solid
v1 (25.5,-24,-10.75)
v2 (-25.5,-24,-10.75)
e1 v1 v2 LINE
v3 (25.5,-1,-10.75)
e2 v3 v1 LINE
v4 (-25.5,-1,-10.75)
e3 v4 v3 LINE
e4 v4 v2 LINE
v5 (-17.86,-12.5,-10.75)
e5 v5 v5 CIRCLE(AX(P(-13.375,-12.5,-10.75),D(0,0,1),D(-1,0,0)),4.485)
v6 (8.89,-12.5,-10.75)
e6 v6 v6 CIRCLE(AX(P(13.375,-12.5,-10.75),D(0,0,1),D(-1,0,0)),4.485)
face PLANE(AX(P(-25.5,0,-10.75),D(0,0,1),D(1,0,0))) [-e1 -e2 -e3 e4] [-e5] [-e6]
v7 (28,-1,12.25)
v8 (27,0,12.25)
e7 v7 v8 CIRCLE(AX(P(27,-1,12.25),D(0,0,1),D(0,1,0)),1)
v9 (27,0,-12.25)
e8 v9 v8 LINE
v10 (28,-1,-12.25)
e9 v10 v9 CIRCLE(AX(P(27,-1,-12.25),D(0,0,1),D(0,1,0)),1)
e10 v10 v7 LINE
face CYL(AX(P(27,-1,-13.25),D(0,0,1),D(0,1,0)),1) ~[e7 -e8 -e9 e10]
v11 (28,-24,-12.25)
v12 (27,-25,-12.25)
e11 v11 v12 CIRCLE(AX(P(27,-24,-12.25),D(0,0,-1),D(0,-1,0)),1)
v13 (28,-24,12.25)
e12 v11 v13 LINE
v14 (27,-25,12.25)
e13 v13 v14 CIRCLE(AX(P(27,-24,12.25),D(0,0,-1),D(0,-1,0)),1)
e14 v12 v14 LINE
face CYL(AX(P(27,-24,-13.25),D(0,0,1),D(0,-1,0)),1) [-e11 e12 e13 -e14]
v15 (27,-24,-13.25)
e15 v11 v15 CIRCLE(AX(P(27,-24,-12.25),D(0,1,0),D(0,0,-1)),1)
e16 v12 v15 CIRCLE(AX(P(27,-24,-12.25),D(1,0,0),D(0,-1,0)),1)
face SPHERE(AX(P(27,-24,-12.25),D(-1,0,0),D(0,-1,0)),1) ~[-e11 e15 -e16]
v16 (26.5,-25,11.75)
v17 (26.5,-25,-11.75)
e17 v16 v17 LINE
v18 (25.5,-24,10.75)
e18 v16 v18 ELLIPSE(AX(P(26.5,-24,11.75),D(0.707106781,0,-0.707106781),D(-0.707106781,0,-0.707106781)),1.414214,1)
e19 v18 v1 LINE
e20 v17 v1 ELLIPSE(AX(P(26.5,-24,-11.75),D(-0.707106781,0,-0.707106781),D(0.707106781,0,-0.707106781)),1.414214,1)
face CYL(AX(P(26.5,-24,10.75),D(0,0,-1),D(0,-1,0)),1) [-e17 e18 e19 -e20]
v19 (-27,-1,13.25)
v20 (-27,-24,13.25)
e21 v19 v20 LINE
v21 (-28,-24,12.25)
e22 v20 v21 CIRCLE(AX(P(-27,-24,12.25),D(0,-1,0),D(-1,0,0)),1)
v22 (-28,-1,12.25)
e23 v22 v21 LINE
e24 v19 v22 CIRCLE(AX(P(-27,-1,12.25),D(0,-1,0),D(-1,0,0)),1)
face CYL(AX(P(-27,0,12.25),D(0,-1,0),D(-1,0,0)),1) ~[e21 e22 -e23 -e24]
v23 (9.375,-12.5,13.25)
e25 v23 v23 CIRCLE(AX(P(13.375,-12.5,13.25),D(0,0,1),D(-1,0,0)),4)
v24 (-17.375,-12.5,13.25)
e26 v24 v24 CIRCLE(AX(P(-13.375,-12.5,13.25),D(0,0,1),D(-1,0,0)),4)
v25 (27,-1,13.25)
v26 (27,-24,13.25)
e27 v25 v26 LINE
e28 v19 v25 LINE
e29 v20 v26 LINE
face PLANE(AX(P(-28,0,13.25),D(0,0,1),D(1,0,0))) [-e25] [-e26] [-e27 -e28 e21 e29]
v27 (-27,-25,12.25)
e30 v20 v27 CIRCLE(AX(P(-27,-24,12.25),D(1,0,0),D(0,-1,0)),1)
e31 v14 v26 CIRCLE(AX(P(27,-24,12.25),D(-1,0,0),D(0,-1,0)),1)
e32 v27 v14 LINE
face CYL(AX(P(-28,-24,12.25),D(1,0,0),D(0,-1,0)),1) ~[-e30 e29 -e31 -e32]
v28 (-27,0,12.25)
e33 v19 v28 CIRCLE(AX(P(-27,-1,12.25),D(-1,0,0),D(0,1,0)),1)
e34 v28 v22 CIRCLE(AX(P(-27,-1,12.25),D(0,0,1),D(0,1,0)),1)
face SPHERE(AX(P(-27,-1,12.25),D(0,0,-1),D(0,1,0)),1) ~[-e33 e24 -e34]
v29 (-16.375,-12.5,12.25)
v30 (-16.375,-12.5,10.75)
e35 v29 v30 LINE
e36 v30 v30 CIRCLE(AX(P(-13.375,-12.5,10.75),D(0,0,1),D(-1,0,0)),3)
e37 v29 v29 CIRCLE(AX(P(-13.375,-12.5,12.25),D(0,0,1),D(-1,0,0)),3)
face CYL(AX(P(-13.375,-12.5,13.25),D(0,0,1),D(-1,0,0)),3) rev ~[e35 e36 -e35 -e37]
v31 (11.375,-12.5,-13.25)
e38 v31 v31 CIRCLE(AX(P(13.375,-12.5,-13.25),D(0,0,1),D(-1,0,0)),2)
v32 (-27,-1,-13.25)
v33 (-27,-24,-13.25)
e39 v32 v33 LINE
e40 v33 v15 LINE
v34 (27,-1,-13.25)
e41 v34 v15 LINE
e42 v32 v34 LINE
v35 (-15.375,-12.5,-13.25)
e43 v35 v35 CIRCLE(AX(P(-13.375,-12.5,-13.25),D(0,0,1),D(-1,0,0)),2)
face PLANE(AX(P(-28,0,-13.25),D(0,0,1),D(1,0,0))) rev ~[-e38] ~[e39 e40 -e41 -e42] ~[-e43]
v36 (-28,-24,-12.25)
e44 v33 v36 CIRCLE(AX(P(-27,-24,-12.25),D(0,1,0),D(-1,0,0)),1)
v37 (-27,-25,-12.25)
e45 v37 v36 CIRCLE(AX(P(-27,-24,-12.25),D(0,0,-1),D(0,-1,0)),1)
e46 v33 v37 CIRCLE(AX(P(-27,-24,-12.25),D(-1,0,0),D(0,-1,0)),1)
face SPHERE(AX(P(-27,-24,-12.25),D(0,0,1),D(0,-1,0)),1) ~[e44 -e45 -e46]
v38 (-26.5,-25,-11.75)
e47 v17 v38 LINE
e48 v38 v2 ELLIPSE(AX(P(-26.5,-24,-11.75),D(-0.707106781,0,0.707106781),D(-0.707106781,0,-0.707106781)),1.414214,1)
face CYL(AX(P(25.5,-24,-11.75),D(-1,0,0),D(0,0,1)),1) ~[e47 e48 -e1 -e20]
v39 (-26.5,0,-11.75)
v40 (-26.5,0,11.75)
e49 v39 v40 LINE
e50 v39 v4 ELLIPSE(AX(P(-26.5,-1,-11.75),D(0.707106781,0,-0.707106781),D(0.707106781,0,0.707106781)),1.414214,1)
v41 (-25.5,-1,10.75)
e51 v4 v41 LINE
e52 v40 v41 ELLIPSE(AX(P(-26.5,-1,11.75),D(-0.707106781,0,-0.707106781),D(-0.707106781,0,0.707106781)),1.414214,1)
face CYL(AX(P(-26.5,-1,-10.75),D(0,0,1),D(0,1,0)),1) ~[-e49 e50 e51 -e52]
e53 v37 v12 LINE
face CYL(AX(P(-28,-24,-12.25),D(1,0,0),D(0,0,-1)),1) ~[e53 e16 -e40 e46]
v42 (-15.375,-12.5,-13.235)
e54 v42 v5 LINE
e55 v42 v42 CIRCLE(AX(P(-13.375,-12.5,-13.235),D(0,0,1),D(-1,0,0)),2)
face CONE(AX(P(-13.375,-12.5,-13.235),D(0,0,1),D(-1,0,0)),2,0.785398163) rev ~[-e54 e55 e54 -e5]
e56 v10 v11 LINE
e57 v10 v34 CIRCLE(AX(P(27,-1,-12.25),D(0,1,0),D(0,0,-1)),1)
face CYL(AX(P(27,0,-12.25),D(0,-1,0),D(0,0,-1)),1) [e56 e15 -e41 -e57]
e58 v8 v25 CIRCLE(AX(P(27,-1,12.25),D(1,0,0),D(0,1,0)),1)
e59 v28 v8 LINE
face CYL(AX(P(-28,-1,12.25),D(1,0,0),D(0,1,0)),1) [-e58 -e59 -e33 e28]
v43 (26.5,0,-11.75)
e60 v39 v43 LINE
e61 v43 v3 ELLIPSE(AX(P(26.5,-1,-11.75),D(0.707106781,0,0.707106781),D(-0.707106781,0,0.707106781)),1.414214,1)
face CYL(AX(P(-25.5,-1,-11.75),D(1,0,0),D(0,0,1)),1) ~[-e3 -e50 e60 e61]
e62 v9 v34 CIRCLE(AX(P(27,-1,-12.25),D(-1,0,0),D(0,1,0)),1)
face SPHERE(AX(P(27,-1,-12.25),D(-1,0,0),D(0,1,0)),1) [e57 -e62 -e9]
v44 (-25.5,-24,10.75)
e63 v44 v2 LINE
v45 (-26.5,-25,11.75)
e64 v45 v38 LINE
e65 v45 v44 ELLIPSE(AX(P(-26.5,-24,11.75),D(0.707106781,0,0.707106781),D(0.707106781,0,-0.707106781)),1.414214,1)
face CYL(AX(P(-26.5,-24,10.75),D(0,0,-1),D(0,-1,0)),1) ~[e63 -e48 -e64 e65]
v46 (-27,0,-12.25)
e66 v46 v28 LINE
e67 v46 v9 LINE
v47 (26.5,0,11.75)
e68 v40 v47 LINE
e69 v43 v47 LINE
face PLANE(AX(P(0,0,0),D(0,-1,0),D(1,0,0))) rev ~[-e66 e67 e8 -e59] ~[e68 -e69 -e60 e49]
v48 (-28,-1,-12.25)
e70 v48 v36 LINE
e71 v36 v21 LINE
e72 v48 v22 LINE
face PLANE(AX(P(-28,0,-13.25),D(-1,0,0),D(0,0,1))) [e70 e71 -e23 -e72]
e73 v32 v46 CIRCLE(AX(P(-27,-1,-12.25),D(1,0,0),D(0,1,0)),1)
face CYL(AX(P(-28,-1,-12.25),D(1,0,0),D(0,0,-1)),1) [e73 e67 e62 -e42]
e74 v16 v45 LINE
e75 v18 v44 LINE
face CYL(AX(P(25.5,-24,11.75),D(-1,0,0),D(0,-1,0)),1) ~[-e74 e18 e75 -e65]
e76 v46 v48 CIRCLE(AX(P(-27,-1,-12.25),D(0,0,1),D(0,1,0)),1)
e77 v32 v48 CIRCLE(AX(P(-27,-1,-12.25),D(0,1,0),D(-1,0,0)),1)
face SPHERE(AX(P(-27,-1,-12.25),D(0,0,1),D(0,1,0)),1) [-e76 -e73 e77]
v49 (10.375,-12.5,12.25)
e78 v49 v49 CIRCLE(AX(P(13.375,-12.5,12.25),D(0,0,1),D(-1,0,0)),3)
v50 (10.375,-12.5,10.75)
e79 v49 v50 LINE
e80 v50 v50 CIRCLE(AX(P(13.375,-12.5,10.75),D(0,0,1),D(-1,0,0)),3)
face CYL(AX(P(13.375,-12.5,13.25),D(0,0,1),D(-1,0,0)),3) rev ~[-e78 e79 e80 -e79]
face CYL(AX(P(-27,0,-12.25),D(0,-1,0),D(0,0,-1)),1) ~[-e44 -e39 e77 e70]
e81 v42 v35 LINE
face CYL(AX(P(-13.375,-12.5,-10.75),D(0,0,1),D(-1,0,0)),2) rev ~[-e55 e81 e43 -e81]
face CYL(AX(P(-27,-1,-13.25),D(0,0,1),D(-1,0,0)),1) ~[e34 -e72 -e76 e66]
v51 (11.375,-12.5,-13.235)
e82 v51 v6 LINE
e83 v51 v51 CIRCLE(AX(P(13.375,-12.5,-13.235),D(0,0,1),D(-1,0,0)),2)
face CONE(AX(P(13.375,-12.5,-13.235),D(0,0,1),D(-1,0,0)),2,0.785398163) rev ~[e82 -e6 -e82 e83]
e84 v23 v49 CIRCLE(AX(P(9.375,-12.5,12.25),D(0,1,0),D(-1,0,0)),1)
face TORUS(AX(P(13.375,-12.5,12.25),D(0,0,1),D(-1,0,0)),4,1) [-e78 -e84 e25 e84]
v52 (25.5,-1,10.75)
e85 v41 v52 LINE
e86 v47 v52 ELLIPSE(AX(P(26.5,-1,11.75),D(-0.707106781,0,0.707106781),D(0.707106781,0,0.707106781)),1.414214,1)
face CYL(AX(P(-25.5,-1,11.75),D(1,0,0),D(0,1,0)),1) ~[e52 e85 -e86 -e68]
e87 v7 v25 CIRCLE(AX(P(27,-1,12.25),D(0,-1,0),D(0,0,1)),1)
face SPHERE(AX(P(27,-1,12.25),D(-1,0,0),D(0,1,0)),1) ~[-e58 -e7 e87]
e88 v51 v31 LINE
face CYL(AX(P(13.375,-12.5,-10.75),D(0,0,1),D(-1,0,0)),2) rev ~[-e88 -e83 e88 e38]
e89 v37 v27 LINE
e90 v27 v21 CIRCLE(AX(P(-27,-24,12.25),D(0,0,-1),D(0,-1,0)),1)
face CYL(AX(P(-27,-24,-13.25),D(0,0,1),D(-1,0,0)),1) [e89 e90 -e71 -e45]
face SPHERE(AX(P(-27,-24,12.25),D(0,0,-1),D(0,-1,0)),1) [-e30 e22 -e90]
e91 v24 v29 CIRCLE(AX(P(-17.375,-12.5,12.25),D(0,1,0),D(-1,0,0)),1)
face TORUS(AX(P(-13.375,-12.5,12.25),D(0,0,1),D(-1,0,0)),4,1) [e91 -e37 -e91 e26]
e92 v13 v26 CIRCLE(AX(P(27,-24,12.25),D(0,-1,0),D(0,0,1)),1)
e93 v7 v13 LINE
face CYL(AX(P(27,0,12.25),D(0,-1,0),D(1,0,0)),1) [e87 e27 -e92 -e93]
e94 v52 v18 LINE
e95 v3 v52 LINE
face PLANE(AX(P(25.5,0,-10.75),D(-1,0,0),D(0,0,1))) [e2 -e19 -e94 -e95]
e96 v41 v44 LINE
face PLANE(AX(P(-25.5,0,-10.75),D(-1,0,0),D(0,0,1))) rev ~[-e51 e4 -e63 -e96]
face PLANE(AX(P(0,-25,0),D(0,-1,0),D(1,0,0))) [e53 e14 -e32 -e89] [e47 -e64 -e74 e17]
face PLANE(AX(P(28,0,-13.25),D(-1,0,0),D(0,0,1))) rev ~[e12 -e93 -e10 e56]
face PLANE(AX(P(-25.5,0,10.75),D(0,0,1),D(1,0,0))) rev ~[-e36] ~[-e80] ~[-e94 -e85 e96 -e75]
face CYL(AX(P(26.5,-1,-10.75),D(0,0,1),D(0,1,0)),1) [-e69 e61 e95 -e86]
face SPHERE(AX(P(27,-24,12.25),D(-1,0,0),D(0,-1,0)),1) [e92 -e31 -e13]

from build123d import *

# Parameters (mm, degrees)
SKETCH_W          = 56
SKETCH_H          = 26.5
PAD_DEPTH         = 25
SKETCH001_W       = 51
SKETCH001_H       = 21.5
POCKET_DEPTH      = 0.001
POCKET_DEPTH_BACK = 25.001
SKETCH002_R       = 3
POCKET001_DEPTH   = 3.5
SKETCH003_R       = 2
POCKET002_DEPTH   = 2.5
CHAMFER_SIZE      = 2.485
FILLET_R          = 1


with BuildPart() as part:
    # Sketch → Pad (new body)
    with BuildSketch(Plane.XZ):
        Rectangle(SKETCH_W, SKETCH_H)
    extrude(amount=PAD_DEPTH)

    # Sketch001 → Pocket (cut, two sides)
    with BuildSketch(Plane.XZ) as pocket_sk:
        Rectangle(SKETCH001_W, SKETCH001_H)
    extrude(amount=-POCKET_DEPTH, mode=Mode.SUBTRACT)
    extrude(pocket_sk.sketch, amount=POCKET_DEPTH_BACK, mode=Mode.SUBTRACT)

    # Sketch002 (on DatumPlane) → Pocket001 (cut)
    with BuildSketch(Plane(origin=(0, 0, 13.25), x_dir=(-1, 0, 0), z_dir=(0, 0, 1))):
        with Locations((-13.375, 12.5)):
            Circle(SKETCH002_R)
        with Locations((13.375, 12.5)):
            Circle(SKETCH002_R)
    extrude(amount=-POCKET001_DEPTH, mode=Mode.SUBTRACT)

    # Sketch003 (on DatumPlane) → Pocket002 (cut)
    with BuildSketch(Plane(origin=(0, 0, -10.75), x_dir=(-1, 0, 0), z_dir=(0, 0, 1))):
        with Locations((-13.375, 12.5)):
            Circle(SKETCH003_R)
        with Locations((13.375, 12.5)):
            Circle(SKETCH003_R)
    extrude(amount=-POCKET002_DEPTH, mode=Mode.SUBTRACT)

    # Chamfer
    chamfer_edges = [part.edges().sort_by_distance(p)[0] for p in [
        (-11.375, -12.5, -10.75),
        (15.375, -12.5, -10.75),
    ]]
    chamfer(chamfer_edges, length=CHAMFER_SIZE)

    # Fillet
    fillet_edges = [part.edges().sort_by_distance(p)[0] for p in [
        (-28, -25, 0),
        (0, -25, 13.25),
        (0, -25, -13.25),
        (28, -25, 0),
        (-25.5, -25, 0),
        (0, -25, 10.75),
        (25.5, -25, 0),
        (0, -25, -10.75),
        (-28, 0, 0),
        (0, 0, 13.25),
        (0, 0, -13.25),
        (28, 0, 0),
        (-25.5, 0, 0),
        (0, 0, 10.75),
        (25.5, 0, 0),
        (0, 0, -10.75),
        (28, -12.5, 13.25),
        (28, -12.5, -13.25),
        (-28, -12.5, -13.25),
        (-28, -12.5, 13.25),
        (16.375, -12.5, 13.25),
        (-10.375, -12.5, 13.25),
    ]]
    fillet(fillet_edges, radius=FILLET_R)


solid = part.part
